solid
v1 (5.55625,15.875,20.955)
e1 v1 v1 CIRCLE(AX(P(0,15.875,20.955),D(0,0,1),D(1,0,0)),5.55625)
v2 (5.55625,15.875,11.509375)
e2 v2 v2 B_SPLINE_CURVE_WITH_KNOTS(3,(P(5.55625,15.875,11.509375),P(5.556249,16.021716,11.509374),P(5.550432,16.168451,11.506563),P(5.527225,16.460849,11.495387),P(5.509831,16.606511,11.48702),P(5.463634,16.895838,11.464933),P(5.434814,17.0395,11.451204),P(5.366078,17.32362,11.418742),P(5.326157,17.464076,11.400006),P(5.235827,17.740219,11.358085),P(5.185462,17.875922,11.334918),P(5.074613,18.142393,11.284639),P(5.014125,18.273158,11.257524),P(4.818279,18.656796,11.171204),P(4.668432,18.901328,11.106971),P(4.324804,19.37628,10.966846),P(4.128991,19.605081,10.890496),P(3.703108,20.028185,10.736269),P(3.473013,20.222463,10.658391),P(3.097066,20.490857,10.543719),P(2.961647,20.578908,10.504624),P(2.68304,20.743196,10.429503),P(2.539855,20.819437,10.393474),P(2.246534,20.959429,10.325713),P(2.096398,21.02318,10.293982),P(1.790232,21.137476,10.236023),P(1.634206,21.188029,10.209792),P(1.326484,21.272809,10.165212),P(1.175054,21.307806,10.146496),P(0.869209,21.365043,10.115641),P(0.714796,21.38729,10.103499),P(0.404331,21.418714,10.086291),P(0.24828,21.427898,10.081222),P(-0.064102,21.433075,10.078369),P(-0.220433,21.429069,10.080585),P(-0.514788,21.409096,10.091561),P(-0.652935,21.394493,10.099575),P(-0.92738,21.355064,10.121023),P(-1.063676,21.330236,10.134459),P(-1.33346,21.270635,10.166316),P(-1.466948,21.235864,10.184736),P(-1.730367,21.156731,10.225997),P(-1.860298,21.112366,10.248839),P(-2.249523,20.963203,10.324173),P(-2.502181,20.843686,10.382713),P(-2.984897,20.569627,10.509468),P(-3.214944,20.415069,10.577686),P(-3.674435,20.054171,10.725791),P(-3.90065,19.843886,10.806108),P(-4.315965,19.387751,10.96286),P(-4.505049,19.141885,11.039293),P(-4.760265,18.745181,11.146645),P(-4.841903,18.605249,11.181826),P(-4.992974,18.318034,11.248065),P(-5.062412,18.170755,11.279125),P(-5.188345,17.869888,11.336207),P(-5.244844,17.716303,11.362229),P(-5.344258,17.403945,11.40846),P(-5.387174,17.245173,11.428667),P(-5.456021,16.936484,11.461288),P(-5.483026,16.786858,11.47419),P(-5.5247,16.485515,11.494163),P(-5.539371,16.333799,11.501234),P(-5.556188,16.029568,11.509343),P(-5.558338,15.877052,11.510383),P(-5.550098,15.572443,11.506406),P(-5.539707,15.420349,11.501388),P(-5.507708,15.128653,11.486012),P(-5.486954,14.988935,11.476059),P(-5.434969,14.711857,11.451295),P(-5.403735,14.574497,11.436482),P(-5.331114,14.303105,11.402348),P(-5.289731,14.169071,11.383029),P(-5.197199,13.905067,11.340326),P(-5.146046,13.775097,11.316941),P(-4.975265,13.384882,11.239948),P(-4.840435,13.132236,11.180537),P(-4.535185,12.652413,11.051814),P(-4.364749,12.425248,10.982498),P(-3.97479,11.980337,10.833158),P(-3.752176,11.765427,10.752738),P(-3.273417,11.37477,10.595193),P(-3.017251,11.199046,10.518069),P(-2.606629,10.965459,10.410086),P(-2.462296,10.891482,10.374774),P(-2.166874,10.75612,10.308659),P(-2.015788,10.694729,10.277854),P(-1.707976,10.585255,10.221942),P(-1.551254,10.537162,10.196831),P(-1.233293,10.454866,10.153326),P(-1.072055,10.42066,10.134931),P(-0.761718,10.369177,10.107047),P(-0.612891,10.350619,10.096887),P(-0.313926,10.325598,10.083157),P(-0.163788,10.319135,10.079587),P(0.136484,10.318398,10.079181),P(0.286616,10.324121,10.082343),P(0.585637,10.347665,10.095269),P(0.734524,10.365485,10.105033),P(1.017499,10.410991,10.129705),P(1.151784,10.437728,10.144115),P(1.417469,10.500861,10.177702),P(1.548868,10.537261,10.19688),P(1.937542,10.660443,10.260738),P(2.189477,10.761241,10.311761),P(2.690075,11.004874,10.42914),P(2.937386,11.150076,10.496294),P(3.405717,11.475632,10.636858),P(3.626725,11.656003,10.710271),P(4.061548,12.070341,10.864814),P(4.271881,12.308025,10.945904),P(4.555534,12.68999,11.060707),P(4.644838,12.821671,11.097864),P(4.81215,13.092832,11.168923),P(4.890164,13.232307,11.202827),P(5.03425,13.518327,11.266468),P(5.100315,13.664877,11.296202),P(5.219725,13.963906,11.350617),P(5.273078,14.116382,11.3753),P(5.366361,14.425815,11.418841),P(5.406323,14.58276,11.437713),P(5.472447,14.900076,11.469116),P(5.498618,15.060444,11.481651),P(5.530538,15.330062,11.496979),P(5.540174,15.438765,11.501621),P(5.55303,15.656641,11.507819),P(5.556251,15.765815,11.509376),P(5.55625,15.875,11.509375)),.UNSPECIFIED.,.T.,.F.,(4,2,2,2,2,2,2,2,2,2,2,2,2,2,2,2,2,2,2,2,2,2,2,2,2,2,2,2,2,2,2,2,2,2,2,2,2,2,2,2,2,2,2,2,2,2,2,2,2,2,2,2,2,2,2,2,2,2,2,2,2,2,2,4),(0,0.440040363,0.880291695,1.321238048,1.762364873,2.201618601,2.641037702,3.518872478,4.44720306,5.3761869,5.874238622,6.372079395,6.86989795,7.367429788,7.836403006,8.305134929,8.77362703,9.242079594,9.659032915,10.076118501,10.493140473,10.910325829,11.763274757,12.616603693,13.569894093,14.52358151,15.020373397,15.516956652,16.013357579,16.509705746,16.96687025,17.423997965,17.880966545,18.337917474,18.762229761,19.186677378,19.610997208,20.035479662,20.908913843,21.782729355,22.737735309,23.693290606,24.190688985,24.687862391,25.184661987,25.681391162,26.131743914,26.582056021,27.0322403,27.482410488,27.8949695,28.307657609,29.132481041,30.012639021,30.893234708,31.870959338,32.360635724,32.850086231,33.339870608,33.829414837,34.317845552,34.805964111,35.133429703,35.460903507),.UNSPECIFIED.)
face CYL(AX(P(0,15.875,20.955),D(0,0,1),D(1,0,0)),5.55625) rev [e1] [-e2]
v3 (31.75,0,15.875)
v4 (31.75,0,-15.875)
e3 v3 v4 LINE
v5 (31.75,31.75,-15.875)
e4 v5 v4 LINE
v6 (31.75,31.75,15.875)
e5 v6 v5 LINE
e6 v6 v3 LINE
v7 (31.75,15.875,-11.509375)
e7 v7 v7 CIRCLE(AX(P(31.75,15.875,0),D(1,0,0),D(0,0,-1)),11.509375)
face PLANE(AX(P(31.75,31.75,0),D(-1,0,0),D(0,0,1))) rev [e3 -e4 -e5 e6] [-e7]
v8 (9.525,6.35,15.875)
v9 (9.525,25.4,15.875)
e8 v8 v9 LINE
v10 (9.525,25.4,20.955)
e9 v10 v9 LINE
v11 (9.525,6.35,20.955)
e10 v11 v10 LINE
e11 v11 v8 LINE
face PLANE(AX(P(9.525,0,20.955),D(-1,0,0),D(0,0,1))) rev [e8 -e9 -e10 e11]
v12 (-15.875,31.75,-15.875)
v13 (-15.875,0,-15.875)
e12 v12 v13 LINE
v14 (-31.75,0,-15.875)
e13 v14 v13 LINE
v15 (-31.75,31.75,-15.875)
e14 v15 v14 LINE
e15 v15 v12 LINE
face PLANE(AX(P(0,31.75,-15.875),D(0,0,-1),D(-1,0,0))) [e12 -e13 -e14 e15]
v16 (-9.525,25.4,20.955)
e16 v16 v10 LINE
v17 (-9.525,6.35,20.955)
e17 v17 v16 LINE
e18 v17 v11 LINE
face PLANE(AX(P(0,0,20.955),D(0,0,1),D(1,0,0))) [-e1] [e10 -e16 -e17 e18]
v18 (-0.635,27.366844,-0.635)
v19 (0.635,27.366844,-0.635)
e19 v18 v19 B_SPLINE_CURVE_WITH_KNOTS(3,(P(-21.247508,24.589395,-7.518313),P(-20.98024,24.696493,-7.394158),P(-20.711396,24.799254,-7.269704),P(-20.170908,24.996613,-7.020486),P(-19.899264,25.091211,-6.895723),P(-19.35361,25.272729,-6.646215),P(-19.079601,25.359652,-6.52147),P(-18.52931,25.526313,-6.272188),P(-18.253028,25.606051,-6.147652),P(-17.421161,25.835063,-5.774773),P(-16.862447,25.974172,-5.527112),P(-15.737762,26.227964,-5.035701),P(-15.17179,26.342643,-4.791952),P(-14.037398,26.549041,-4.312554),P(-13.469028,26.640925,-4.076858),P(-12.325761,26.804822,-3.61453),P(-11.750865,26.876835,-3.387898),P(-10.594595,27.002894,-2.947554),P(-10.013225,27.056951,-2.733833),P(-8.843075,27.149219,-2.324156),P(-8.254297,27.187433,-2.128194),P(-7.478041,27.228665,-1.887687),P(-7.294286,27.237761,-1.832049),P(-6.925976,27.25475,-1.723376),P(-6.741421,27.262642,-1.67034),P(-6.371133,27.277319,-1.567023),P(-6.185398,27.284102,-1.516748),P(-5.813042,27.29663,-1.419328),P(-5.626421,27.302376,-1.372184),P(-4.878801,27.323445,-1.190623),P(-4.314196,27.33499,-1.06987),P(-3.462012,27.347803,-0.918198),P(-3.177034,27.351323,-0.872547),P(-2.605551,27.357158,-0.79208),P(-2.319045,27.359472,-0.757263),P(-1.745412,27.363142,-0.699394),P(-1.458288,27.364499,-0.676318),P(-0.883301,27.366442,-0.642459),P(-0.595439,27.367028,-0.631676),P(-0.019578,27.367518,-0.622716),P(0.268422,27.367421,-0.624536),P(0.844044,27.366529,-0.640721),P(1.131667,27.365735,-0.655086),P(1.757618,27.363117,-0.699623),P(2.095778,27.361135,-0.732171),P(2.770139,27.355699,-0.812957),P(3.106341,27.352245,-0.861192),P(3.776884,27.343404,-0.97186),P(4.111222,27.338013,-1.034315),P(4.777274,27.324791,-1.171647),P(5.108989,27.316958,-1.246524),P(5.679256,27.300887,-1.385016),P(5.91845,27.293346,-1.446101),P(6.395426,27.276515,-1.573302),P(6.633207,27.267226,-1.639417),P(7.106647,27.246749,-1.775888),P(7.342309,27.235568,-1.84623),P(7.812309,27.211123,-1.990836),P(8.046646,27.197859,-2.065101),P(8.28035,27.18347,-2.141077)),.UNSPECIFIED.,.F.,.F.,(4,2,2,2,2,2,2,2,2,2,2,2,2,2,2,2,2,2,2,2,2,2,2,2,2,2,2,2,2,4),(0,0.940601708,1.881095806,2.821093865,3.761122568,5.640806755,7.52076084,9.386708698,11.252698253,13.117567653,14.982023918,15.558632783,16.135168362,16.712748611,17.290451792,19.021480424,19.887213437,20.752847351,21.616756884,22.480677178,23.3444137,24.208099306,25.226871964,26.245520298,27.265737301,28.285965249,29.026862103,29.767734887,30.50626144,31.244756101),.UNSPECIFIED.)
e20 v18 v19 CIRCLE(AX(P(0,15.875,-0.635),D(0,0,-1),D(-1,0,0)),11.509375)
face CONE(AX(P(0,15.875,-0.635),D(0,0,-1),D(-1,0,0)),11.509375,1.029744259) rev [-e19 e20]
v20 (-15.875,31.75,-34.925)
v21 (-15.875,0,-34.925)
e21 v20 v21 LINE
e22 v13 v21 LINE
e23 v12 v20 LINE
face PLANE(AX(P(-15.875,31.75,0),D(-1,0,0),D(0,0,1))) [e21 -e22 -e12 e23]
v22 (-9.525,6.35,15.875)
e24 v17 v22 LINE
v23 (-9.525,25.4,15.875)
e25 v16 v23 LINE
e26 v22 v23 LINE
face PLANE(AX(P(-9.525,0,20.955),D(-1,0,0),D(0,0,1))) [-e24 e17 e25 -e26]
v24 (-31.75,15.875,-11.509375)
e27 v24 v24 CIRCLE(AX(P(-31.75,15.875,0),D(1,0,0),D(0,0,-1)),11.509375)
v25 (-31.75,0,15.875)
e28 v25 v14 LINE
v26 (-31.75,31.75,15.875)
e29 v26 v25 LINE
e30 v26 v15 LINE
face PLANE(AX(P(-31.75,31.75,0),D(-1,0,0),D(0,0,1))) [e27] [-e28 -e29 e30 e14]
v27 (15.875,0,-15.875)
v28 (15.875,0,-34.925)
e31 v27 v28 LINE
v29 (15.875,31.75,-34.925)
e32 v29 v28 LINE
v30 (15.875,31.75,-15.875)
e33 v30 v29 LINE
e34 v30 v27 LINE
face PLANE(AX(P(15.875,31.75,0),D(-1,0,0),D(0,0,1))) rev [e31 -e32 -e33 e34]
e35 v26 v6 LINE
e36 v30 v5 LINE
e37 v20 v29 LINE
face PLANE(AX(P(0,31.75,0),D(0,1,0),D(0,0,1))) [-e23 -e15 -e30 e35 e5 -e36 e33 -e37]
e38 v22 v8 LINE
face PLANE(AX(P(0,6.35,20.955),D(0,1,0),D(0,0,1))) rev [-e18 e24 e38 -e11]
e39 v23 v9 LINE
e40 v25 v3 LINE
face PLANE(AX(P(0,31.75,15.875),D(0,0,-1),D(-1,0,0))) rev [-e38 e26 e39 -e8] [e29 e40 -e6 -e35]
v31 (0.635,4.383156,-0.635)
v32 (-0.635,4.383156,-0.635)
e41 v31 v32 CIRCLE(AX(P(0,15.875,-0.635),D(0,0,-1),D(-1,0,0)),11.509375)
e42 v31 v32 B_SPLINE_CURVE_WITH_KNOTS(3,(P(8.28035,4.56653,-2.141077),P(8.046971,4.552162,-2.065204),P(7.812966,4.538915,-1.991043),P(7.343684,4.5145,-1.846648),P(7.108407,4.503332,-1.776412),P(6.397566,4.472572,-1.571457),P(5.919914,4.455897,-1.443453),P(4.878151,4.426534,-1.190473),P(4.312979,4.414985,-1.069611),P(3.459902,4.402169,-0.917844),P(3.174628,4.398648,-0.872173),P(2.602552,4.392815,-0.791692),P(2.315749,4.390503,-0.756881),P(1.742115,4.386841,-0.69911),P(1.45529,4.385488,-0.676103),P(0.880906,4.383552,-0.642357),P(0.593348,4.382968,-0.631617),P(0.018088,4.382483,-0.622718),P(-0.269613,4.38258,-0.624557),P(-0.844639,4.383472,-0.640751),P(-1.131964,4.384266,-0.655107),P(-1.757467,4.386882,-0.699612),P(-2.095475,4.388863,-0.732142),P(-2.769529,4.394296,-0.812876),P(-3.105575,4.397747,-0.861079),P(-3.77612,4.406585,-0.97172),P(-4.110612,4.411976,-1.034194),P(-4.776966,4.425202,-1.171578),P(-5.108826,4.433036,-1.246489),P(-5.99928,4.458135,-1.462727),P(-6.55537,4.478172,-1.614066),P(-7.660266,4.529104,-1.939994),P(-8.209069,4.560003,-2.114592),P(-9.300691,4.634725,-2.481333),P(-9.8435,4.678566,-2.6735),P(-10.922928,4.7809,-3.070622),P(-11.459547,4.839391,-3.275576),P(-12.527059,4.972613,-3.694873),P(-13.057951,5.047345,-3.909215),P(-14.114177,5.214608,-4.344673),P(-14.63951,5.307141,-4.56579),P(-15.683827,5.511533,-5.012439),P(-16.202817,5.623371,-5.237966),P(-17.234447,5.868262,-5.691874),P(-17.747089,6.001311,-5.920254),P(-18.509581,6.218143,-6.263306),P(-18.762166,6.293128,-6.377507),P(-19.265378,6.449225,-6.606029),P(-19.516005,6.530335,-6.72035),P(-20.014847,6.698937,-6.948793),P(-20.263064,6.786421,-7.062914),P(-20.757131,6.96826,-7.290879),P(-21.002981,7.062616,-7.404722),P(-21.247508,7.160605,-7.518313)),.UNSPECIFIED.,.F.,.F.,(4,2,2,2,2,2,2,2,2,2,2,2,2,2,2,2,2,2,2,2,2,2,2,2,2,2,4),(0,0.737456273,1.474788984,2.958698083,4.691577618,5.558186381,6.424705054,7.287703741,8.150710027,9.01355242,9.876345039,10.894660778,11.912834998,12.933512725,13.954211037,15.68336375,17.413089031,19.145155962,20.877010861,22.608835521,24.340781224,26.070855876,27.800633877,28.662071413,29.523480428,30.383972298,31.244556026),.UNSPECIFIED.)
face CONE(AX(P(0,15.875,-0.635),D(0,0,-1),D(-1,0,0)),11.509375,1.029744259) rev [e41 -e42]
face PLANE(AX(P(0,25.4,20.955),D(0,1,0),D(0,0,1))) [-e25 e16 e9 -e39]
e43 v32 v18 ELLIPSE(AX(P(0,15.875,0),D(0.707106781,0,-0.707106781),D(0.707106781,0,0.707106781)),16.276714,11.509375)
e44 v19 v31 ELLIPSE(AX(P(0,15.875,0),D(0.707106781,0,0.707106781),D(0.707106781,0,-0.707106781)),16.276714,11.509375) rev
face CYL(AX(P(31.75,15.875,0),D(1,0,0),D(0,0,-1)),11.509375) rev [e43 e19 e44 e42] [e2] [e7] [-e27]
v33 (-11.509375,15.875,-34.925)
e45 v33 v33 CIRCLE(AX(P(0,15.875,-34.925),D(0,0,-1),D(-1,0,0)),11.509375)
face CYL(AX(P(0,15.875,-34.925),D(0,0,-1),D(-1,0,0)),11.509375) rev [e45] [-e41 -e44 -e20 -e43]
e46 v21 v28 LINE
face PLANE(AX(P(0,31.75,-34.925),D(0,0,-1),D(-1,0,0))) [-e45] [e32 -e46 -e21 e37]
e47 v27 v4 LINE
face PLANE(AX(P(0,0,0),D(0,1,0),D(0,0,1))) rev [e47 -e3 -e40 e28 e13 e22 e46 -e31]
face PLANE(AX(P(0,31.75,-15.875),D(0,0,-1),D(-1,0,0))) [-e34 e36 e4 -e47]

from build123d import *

# Parameters (mm, degrees)
SKETCH2_W                            = 63.5
SKETCH2_H                            = 31.75
SKETCH2_W_2                          = 31.75
SKETCH2_H_2                          = 19.05
BOSS_EXTRUDE1_DEPTH                  = 31.75
F_29_32_0_90625_DIAMETER_HOLE1_D     = 23.01875
F_29_32_0_90625_DIAMETER_HOLE2_D     = 23.01875
F_29_32_0_90625_DIAMETER_HOLE2_DEPTH = 34.29
F_29_32_0_90625_DIAMETER_HOLE2_TIP   = 6.915530187
BOSS_EXTRUDE2_DEPTH                  = 5.08
F_7_16_0_4375_DIAMETER_HOLE1_D       = 11.1125
F_7_16_0_4375_DIAMETER_HOLE1_DEPTH   = 25.4
F_7_16_0_4375_DIAMETER_HOLE1_TIP     = 3.338531814


with BuildPart() as part:
    # Sketch2 → Boss-Extrude1 (new body)
    with BuildSketch(Plane(origin=(0, 0, 0), x_dir=(1, 0, 0), z_dir=(0, 1, 0))):
        Rectangle(SKETCH2_W, SKETCH2_H)
        with Locations((0, 25.4)):
            Rectangle(SKETCH2_W_2, SKETCH2_H_2)
    extrude(amount=BOSS_EXTRUDE1_DEPTH)

    # 29/32 (0.90625) Diameter Hole1 (through all)
    with Locations(Plane(origin=(31.75, 0, 0), x_dir=(0, 0, -1), z_dir=(1, 0, 0))):
        with Locations((0, 15.875)):
            Hole(F_29_32_0_90625_DIAMETER_HOLE1_D / 2)

    # 29/32 (0.90625) Diameter Hole2
    with Locations(Plane(origin=(0, 0, -34.925), x_dir=(-1, 0, 0), z_dir=(0, 0, -1))):
        with Locations((0, 15.875)):
            Hole(F_29_32_0_90625_DIAMETER_HOLE2_D / 2, depth=F_29_32_0_90625_DIAMETER_HOLE2_DEPTH)
            with Locations((0, 0, -(F_29_32_0_90625_DIAMETER_HOLE2_DEPTH + F_29_32_0_90625_DIAMETER_HOLE2_TIP / 2))):  # 118° drill point
                Cone(0, F_29_32_0_90625_DIAMETER_HOLE2_D / 2, F_29_32_0_90625_DIAMETER_HOLE2_TIP, mode=Mode.SUBTRACT)

    # Sketch10 → Boss-Extrude2 (add)
    with BuildSketch(Plane.XY.offset(15.875)):
        Polygon((9.525, 11.1125), (-9.525, 20.6375), (-9.525, 6.35), (9.525, 6.35), align=None)
        Polygon((-9.525, 25.4), (-9.525, 20.6375), (9.525, 11.1125), (9.525, 25.4), align=None)
    extrude(amount=BOSS_EXTRUDE2_DEPTH)

    # 7/16 (0.4375) Diameter Hole1
    with Locations(Plane.XY.offset(20.955)):
        with Locations((0, 15.875)):
            Hole(F_7_16_0_4375_DIAMETER_HOLE1_D / 2, depth=F_7_16_0_4375_DIAMETER_HOLE1_DEPTH)
            with Locations((0, 0, -(F_7_16_0_4375_DIAMETER_HOLE1_DEPTH + F_7_16_0_4375_DIAMETER_HOLE1_TIP / 2))):  # 118° drill point
                Cone(0, F_7_16_0_4375_DIAMETER_HOLE1_D / 2, F_7_16_0_4375_DIAMETER_HOLE1_TIP, mode=Mode.SUBTRACT)


solid = part.part
